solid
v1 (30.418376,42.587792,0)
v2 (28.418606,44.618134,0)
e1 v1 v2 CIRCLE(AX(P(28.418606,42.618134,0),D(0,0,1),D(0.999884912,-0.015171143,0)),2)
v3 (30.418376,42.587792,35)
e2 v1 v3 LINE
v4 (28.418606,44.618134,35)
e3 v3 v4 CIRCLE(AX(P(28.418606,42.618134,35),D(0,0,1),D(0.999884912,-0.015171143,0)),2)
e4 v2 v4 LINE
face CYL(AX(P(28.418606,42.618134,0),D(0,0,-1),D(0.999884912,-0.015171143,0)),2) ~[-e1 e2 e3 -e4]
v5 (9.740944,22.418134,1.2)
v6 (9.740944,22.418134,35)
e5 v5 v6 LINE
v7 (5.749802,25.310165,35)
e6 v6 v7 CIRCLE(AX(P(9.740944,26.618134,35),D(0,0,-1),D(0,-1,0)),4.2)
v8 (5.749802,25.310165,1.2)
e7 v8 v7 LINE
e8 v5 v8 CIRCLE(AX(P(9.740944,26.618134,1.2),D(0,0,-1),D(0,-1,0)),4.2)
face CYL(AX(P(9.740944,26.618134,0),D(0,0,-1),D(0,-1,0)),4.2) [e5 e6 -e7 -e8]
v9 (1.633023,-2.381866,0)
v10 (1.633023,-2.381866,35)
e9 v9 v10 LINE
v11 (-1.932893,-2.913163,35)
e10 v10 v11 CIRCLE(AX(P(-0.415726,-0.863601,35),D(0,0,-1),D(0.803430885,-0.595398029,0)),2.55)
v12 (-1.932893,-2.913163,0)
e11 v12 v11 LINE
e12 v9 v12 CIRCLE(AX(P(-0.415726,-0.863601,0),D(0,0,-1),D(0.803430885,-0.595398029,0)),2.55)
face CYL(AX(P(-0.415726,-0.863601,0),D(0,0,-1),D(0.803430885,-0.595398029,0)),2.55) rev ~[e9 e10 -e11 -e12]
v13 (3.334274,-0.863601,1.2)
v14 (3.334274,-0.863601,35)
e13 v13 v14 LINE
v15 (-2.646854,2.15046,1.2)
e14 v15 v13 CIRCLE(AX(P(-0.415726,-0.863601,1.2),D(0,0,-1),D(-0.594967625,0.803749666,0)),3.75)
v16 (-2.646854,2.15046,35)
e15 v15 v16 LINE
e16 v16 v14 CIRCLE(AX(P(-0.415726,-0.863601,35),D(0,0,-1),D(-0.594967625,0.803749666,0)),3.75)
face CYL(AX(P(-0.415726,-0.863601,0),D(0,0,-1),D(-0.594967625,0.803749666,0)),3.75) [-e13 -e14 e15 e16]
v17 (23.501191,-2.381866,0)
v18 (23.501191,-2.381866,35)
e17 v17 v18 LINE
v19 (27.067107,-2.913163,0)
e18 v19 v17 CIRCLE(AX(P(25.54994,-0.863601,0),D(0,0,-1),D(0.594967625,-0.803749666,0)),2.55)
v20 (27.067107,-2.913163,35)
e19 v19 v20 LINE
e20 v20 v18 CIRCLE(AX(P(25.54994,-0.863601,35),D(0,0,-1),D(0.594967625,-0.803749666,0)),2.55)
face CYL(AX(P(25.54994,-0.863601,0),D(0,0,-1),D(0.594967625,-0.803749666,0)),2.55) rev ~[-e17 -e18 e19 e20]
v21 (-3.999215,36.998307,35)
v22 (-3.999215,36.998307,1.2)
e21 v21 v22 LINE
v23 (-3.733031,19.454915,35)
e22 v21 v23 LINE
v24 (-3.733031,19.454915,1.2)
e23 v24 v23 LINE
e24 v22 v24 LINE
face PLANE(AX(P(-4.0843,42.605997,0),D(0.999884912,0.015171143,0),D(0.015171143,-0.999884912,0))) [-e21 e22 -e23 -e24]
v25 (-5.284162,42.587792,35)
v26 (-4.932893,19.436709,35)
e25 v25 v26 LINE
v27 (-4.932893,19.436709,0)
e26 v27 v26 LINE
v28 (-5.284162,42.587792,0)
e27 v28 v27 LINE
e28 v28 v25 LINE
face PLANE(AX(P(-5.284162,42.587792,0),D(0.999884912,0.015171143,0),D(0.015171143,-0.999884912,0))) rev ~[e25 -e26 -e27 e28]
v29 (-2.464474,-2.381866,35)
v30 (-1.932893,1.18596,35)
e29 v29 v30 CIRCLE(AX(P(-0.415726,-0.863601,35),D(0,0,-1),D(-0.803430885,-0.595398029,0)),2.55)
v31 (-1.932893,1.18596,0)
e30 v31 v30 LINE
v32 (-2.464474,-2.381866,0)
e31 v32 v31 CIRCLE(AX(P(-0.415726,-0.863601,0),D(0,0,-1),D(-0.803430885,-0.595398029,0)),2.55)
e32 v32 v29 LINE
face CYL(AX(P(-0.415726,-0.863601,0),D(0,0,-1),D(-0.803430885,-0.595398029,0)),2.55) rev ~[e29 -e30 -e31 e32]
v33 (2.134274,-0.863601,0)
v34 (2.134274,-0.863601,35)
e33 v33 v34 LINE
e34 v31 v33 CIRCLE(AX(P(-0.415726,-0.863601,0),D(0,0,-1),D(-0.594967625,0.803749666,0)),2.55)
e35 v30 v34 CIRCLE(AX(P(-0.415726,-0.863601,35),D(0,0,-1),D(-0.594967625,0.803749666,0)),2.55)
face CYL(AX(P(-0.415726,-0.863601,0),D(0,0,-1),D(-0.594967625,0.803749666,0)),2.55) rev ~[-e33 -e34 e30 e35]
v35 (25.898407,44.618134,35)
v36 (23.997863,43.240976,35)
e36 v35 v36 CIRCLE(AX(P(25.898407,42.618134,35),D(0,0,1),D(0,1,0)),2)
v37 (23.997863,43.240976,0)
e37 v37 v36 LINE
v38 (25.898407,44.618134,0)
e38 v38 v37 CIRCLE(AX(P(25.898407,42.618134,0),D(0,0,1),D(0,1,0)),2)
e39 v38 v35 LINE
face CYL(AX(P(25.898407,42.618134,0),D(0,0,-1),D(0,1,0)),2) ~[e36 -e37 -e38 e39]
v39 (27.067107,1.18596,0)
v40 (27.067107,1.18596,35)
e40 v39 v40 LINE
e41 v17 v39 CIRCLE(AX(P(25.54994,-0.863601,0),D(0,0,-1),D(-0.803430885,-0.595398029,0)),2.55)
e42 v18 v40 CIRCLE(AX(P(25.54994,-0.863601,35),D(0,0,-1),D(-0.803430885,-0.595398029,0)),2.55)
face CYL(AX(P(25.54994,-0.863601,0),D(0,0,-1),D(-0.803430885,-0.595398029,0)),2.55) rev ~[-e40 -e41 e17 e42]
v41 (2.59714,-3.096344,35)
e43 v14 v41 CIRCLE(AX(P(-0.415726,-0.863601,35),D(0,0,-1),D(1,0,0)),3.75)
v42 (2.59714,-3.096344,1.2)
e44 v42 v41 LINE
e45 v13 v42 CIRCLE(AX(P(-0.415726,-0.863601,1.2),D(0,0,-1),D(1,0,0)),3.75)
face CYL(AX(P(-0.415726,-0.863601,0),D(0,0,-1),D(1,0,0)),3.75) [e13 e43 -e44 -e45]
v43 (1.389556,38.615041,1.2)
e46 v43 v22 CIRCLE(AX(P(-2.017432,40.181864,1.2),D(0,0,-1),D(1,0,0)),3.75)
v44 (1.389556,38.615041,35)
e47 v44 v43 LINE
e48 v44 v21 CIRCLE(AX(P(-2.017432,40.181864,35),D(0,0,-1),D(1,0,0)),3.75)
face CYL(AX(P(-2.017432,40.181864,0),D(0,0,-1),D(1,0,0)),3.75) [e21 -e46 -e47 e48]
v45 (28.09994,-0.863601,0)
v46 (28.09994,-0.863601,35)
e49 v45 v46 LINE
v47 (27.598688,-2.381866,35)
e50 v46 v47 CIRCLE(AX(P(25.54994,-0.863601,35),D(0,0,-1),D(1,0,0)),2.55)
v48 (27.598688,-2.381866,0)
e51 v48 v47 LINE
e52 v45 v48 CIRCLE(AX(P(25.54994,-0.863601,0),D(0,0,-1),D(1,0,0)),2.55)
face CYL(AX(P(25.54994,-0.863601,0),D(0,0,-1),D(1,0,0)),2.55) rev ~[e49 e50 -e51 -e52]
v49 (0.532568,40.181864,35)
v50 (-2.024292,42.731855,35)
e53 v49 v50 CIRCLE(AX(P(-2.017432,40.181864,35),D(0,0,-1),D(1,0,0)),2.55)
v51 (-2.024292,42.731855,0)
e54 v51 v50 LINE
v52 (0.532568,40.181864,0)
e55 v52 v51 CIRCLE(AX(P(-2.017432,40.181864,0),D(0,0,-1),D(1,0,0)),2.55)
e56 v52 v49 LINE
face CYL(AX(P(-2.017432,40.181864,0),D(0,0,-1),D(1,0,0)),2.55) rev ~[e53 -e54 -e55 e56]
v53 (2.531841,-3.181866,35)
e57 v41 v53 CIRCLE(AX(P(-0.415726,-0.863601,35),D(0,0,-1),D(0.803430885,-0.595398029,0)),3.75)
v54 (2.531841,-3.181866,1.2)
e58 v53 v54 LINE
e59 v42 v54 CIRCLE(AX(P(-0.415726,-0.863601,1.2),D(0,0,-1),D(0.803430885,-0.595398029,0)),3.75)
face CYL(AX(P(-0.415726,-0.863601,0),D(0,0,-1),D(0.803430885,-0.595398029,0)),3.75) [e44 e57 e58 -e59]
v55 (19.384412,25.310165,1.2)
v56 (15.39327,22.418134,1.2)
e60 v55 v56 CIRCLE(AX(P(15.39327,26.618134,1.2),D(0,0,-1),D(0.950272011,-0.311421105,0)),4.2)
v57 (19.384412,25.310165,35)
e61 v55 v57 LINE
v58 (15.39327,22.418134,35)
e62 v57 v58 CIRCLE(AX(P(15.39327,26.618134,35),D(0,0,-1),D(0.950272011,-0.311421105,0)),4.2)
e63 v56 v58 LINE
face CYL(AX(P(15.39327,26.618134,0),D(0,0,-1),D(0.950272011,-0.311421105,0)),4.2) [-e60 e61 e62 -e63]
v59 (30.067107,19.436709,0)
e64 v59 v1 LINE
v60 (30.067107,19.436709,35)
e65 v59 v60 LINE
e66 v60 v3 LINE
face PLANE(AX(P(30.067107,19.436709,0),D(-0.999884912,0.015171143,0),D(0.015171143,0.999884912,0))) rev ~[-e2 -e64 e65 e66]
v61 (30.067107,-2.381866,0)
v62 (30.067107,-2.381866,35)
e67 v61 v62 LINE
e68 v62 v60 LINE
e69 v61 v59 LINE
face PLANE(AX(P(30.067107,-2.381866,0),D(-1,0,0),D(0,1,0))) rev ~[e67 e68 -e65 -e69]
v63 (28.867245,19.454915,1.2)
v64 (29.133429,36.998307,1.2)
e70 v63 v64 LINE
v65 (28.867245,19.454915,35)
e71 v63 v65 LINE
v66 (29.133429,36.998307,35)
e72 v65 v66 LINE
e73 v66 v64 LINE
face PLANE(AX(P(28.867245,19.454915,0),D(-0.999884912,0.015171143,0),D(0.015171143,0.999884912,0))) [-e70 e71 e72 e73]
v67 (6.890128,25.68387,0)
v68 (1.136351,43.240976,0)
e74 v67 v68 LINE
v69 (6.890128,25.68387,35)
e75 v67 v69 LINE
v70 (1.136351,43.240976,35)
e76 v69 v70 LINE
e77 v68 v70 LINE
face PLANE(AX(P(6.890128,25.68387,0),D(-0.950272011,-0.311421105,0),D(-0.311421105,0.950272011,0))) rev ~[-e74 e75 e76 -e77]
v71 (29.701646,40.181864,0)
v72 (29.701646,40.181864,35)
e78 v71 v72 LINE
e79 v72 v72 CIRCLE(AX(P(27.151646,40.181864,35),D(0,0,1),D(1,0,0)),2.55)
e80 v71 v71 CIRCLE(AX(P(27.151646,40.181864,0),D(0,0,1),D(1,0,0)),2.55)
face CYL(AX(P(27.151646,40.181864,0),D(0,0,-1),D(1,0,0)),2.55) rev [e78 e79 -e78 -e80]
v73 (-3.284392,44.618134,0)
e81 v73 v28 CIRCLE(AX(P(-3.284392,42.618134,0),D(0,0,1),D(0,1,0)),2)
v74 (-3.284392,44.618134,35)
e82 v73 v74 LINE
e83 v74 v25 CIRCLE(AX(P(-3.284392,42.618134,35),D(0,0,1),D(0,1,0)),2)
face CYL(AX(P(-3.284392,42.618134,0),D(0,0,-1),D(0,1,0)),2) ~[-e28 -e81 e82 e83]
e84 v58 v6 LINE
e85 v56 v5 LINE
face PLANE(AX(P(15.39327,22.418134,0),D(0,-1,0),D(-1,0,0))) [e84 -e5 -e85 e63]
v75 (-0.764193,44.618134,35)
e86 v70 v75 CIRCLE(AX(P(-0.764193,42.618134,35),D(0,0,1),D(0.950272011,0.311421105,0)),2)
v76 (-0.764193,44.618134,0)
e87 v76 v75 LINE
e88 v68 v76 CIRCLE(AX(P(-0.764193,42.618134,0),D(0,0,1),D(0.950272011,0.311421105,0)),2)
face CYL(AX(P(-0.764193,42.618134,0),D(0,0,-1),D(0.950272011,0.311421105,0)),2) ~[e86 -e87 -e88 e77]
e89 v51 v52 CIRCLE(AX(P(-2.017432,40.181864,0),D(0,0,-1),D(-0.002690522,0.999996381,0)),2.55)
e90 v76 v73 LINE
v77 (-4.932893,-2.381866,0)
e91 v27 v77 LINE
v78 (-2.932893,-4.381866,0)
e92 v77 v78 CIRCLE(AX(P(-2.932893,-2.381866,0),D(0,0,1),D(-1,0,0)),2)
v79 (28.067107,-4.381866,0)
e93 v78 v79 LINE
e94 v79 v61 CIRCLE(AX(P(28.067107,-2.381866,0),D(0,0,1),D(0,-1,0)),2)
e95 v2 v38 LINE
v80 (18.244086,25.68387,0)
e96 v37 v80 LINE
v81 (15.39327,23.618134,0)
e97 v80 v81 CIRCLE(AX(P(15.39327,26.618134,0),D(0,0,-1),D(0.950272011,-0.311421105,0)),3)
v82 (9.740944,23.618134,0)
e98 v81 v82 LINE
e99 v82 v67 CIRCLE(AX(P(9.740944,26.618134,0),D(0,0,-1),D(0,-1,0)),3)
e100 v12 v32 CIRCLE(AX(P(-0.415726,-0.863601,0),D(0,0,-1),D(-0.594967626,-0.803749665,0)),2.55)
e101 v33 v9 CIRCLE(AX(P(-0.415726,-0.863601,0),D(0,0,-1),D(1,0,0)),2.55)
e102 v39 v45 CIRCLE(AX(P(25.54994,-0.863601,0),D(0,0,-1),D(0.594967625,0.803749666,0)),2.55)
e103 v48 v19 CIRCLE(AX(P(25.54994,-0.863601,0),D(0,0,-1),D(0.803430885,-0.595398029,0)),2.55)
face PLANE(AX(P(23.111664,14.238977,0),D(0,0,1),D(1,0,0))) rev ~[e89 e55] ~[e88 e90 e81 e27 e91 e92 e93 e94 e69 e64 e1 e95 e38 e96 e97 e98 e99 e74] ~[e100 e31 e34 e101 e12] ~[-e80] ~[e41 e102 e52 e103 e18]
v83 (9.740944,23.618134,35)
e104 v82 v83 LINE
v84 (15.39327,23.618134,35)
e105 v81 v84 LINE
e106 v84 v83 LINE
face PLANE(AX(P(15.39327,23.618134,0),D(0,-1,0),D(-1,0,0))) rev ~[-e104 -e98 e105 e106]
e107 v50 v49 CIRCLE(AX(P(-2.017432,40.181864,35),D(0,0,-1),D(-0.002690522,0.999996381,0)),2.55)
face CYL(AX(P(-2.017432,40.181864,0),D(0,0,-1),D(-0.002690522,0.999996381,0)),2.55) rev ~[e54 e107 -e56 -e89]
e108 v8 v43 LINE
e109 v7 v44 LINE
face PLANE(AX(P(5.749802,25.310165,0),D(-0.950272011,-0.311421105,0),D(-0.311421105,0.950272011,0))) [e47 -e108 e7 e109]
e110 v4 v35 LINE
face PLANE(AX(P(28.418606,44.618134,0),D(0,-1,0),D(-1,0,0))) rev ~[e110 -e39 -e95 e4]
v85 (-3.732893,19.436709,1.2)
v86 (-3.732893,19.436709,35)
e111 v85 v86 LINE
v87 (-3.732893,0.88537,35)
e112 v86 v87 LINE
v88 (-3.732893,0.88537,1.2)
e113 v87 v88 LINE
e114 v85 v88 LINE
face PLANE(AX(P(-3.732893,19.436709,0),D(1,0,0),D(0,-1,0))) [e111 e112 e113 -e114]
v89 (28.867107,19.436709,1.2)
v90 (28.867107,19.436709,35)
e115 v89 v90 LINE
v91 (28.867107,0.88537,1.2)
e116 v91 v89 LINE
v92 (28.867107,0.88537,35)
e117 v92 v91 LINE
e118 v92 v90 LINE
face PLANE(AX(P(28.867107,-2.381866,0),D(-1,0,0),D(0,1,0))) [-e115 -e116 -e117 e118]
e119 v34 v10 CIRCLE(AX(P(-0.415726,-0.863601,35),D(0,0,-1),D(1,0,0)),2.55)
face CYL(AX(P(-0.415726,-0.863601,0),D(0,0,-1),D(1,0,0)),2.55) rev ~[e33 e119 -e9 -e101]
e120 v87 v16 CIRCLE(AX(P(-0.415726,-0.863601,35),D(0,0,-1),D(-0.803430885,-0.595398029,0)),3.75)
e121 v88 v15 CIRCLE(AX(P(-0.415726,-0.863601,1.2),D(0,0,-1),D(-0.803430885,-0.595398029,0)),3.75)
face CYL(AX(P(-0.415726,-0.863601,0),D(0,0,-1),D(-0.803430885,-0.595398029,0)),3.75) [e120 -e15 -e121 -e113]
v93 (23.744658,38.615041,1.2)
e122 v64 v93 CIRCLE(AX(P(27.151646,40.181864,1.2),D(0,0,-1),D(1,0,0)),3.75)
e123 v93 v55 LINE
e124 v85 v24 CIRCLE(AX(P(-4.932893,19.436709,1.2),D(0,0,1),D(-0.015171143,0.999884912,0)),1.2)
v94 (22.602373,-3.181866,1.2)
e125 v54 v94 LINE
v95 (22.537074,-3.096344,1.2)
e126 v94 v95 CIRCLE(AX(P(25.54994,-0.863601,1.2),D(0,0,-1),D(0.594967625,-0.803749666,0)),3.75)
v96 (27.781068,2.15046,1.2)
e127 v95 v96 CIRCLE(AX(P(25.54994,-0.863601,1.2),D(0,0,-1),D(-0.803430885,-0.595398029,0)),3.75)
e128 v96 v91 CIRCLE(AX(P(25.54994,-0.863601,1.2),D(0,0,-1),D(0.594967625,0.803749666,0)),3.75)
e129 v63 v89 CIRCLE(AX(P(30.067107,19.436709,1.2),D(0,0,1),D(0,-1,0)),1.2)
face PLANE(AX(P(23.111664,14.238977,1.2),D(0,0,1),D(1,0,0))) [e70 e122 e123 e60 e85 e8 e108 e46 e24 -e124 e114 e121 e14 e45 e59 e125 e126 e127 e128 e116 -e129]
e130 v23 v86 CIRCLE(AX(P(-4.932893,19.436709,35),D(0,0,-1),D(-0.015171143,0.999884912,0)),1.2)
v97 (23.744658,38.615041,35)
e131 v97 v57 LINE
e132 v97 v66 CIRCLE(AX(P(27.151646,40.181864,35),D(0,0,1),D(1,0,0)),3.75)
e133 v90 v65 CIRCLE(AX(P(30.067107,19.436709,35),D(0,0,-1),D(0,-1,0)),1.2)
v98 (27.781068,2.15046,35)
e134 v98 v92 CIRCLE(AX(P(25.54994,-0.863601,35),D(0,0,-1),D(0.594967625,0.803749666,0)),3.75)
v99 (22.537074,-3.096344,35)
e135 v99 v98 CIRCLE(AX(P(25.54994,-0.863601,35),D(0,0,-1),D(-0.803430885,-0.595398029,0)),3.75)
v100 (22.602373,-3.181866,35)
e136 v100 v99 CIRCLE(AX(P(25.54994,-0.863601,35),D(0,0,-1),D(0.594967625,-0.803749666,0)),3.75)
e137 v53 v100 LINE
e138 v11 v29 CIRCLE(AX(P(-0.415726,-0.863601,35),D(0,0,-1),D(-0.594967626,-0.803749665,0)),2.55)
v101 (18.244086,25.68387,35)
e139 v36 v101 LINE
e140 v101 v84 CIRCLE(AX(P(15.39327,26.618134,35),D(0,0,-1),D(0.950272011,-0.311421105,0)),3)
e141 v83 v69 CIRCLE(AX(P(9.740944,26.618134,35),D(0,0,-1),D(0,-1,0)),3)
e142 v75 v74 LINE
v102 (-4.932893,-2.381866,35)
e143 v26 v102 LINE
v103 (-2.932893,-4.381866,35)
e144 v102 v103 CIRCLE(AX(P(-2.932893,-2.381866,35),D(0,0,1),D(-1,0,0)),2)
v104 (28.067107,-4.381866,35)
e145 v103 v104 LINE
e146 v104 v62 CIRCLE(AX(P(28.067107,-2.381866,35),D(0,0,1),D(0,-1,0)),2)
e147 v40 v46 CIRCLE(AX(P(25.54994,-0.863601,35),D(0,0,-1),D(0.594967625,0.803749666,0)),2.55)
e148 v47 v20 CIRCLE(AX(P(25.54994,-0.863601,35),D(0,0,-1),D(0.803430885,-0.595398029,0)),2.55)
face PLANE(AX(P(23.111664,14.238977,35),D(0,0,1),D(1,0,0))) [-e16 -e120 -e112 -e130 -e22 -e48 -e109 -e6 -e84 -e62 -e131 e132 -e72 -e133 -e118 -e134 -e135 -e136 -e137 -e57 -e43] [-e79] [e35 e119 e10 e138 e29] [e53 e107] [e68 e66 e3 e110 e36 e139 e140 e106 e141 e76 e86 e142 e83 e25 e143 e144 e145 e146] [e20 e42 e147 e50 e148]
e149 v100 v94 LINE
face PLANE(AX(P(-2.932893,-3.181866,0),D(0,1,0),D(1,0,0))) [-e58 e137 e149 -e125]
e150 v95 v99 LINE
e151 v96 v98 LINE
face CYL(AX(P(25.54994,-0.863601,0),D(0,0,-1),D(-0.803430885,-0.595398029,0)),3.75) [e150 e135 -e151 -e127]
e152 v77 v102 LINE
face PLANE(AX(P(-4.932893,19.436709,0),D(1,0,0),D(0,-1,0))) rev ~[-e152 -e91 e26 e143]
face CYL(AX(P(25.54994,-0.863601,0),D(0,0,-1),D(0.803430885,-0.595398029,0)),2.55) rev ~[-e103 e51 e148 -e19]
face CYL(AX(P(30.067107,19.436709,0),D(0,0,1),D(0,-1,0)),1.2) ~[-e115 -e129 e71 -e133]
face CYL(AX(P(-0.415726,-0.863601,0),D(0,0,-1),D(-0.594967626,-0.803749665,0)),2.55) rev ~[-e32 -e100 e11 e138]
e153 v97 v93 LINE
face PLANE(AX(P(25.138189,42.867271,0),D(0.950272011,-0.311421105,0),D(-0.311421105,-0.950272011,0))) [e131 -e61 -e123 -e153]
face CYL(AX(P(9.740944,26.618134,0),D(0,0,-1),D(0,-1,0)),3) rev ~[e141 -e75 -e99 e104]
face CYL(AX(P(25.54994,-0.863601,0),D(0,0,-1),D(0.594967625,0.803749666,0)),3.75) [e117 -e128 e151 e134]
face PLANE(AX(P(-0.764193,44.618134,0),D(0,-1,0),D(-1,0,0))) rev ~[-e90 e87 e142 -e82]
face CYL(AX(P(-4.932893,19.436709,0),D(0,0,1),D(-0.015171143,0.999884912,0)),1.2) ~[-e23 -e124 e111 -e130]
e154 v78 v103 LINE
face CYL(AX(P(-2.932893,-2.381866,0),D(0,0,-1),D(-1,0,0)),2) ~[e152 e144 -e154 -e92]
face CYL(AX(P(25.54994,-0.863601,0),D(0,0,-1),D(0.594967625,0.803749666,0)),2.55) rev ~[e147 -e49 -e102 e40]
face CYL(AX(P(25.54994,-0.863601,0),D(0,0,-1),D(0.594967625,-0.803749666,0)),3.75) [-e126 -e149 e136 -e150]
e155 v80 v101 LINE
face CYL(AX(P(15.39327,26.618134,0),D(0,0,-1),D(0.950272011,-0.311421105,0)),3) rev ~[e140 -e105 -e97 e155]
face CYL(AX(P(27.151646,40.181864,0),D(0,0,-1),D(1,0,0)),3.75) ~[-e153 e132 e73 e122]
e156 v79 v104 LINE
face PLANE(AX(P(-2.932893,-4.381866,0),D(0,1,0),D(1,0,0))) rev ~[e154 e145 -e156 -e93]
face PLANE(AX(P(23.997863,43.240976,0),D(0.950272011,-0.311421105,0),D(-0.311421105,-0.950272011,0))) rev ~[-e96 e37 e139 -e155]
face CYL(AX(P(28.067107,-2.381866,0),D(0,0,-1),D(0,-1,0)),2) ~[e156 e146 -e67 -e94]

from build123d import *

# Parameters (mm, degrees)
F0_R     = 2.55
F0_W     = 7.4266694462
F0_H     = 7.0167635567
F0_W_2   = 8.4439013153
F0_H_2   = 2.6164194569
F0_H_3   = 1.3082097284
F1_DEPTH = 35
F2_T     = -1.2


with BuildPart() as f1:
    # F0 (on Top) → F1 (new body)
    with BuildSketch(Plane.XY):
        with BuildLine():
            Line((12.5671070093, 2.2891284898), (12.5671070093, -4.3818661943))
            Line((12.5671070093, -4.3818661943), (27.0671070093, -4.3818661943))
            Line((27.0671070093, -4.3818661943), (27.0671070093, -2.9131628679))
            ThreePointArc((27.0671070093, -2.9131628679), (25.1741554355, -3.3857602737), (23.5011908077, -2.3818661943))
            ThreePointArc((23.5011908077, -2.3818661943), (23.7463344607, 0.9390381298), (27.0671070093, 1.1859604264))
            ThreePointArc((27.0671070093, 1.1859604264), (27.8271392688, 0.2839446425), (28.0999395649, -0.8636012208))
            ThreePointArc((28.0999395649, -0.8636012208), (27.9713863773, -1.6630356049), (27.5986883221, -2.3818661943))
            Line((27.5986883221, -2.3818661943), (30.0671070093, -2.3818661943))
            Line((30.0671070093, -2.3818661943), (30.0671070093, 19.4367093172))
            Line((30.0671070093, 19.4367093172), (30.4183758122, 42.5877915199))
            ThreePointArc((30.4183758122, 42.5877915199), (29.8435067876, 44.0215787509), (28.418605989, 44.6181338057))
            Line((28.418605989, 44.6181338057), (25.8984067957, 44.6181338057))
            ThreePointArc((25.8984067957, 44.6181338057), (24.724883132, 44.2376529352), (23.9978627735, 43.2409760165))
            Line((23.9978627735, 43.2409760165), (18.2440858049, 25.6838704894))
            ThreePointArc((18.2440858049, 25.6838704894), (17.1535552671, 24.1888551114), (15.3932697716, 23.6181338057))
            Line((15.3932697716, 23.6181338057), (12.5671070093, 23.6181338057))
            Line((12.5671070093, 23.6181338057), (12.5671070093, 13.2305212319))
            Line((12.5671070093, 13.2305212319), (19.9937764555, 13.2305212319))
            Line((19.9937764555, 13.2305212319), (19.9937764555, 6.2137576751))
            Line((19.9937764555, 6.2137576751), (28.4376777709, 6.2137576751))
            Line((28.4376777709, 6.2137576751), (28.4376777709, 3.5973382182))
            Line((28.4376777709, 3.5973382182), (19.9937764555, 3.5973382182))
            Line((19.9937764555, 3.5973382182), (19.9937764555, 2.2891284898))
            Line((19.9937764555, 2.2891284898), (12.5671070093, 2.2891284898))
        make_face()
        with Locations((27.1516455619, 40.181864053)):
            Circle(F0_R, mode=Mode.SUBTRACT)
        with BuildLine():
            Line((-1.9328929907, -4.3818661943), (12.5671070093, -4.3818661943))
            Line((12.5671070093, -4.3818661943), (12.5671070093, 2.2891284898))
            Line((12.5671070093, 2.2891284898), (5.1404375632, 2.2891284898))
            Line((5.1404375632, 2.2891284898), (5.1404375632, 3.5973382182))
            Line((5.1404375632, 3.5973382182), (-3.3034637522, 3.5973382182))
            Line((-3.3034637522, 3.5973382182), (-3.3034637522, 6.2137576751))
            Line((-3.3034637522, 6.2137576751), (5.1404375632, 6.2137576751))
            Line((5.1404375632, 6.2137576751), (5.1404375632, 13.2305212319))
            Line((5.1404375632, 13.2305212319), (12.5671070093, 13.2305212319))
            Line((12.5671070093, 13.2305212319), (12.5671070093, 23.6181338057))
            Line((12.5671070093, 23.6181338057), (9.7409442471, 23.6181338057))
            ThreePointArc((9.7409442471, 23.6181338057), (7.9806587516, 24.1888551114), (6.8901282137, 25.6838704894))
            Line((6.8901282137, 25.6838704894), (1.1363512452, 43.2409760165))
            ThreePointArc((1.1363512452, 43.2409760165), (0.4093308866, 44.2376529352), (-0.764192777, 44.6181338057))
            Line((-0.764192777, 44.6181338057), (-2.0242923737, 44.6181338057))
            Line((-2.0242923737, 44.6181338057), (-3.2843919703, 44.6181338057))
            Line((-3.2843919703, 44.6181338057), (-3.2843919703, 42.6181338057))
            Line((-3.2843919703, 42.6181338057), (-5.2841617935, 42.5877915199))
            Line((-5.2841617935, 42.5877915199), (-4.9328929907, 19.4367093172))
            Line((-4.9328929907, 19.4367093172), (-4.9328929907, -2.3818661943))
            Line((-4.9328929907, -2.3818661943), (-2.4644743034, -2.3818661943))
            ThreePointArc((-2.4644743034, -2.3818661943), (-2.9378845991, -0.4878170914), (-1.9328929907, 1.1859604264))
            ThreePointArc((-1.9328929907, 1.1859604264), (0.7318203171, 1.4135984832), (2.1342744538, -0.8636012208))
            ThreePointArc((2.1342744538, -0.8636012208), (2.0057212662, -1.6630356049), (1.633023211, -2.3818661943))
            ThreePointArc((1.633023211, -2.3818661943), (-0.0399414169, -3.3857602737), (-1.9328929907, -2.9131628679))
            Line((-1.9328929907, -2.9131628679), (-1.9328929907, -4.3818661943))
        make_face()
        with BuildLine():
            ThreePointArc((0.5325684568, 40.181864053), (-3.8181265316, 38.3763177205), (-2.0242923737, 42.7318548234))
            ThreePointArc((-2.0242923737, 42.7318548234), (-0.2167365548, 41.9874103855), (0.5325684568, 40.181864053))
        make_face(mode=Mode.SUBTRACT)
        with BuildLine():
            Line((27.0671070093, -2.9131628679), (27.0671070093, -4.3818661943))
            Line((27.0671070093, -4.3818661943), (28.0671070093, -4.3818661943))
            ThreePointArc((28.0671070093, -4.3818661943), (29.4813205717, -3.7960797567), (30.0671070093, -2.3818661943))
            Line((30.0671070093, -2.3818661943), (27.5986883221, -2.3818661943))
            ThreePointArc((27.5986883221, -2.3818661943), (27.3525789154, -2.6672063249), (27.0671070093, -2.9131628679))
        make_face()
        with BuildLine():
            Line((-2.9328929907, -4.3818661943), (-1.9328929907, -4.3818661943))
            Line((-1.9328929907, -4.3818661943), (-1.9328929907, -2.9131628679))
            ThreePointArc((-1.9328929907, -2.9131628679), (-2.2183648967, -2.6672063249), (-2.4644743034, -2.3818661943))
            Line((-2.4644743034, -2.3818661943), (-4.9328929907, -2.3818661943))
            ThreePointArc((-4.9328929907, -2.3818661943), (-4.347106553, -3.7960797567), (-2.9328929907, -4.3818661943))
        make_face()
        with BuildLine():
            ThreePointArc((-3.2843919703, 44.6181338057), (-4.7092927689, 44.0215787509), (-5.2841617935, 42.5877915199))
            Line((-5.2841617935, 42.5877915199), (-3.2843919703, 42.6181338057))
            Line((-3.2843919703, 42.6181338057), (-3.2843919703, 44.6181338057))
        make_face()
        with Locations((8.8537722862, 9.7221394535)):
            Rectangle(F0_W, F0_H)
        with Locations((16.2804417324, 9.7221394535)):
            Rectangle(F0_W, F0_H)
        with Locations((24.2157271132, 4.9055479467)):
            Rectangle(F0_W_2, F0_H_2)
        with Locations((8.8537722862, 4.9055479467)):
            Rectangle(F0_W, F0_H_2)
        with Locations((0.9184869055, 4.9055479467)):
            Rectangle(F0_W_2, F0_H_2)
        with Locations((8.8537722862, 2.943233354)):
            Rectangle(F0_W, F0_H_3)
        with Locations((16.2804417324, 4.9055479467)):
            Rectangle(F0_W, F0_H_2)
        with Locations((16.2804417324, 2.943233354)):
            Rectangle(F0_W, F0_H_3)
    extrude(amount=F1_DEPTH)

    # F2
    f2_openings = [f1.faces().sort_by_distance(p)[0] for p in [
        (12.567107, 16.00407, 35),
    ]]
    offset(amount=F2_T, openings=f2_openings)


solid = f1.part
